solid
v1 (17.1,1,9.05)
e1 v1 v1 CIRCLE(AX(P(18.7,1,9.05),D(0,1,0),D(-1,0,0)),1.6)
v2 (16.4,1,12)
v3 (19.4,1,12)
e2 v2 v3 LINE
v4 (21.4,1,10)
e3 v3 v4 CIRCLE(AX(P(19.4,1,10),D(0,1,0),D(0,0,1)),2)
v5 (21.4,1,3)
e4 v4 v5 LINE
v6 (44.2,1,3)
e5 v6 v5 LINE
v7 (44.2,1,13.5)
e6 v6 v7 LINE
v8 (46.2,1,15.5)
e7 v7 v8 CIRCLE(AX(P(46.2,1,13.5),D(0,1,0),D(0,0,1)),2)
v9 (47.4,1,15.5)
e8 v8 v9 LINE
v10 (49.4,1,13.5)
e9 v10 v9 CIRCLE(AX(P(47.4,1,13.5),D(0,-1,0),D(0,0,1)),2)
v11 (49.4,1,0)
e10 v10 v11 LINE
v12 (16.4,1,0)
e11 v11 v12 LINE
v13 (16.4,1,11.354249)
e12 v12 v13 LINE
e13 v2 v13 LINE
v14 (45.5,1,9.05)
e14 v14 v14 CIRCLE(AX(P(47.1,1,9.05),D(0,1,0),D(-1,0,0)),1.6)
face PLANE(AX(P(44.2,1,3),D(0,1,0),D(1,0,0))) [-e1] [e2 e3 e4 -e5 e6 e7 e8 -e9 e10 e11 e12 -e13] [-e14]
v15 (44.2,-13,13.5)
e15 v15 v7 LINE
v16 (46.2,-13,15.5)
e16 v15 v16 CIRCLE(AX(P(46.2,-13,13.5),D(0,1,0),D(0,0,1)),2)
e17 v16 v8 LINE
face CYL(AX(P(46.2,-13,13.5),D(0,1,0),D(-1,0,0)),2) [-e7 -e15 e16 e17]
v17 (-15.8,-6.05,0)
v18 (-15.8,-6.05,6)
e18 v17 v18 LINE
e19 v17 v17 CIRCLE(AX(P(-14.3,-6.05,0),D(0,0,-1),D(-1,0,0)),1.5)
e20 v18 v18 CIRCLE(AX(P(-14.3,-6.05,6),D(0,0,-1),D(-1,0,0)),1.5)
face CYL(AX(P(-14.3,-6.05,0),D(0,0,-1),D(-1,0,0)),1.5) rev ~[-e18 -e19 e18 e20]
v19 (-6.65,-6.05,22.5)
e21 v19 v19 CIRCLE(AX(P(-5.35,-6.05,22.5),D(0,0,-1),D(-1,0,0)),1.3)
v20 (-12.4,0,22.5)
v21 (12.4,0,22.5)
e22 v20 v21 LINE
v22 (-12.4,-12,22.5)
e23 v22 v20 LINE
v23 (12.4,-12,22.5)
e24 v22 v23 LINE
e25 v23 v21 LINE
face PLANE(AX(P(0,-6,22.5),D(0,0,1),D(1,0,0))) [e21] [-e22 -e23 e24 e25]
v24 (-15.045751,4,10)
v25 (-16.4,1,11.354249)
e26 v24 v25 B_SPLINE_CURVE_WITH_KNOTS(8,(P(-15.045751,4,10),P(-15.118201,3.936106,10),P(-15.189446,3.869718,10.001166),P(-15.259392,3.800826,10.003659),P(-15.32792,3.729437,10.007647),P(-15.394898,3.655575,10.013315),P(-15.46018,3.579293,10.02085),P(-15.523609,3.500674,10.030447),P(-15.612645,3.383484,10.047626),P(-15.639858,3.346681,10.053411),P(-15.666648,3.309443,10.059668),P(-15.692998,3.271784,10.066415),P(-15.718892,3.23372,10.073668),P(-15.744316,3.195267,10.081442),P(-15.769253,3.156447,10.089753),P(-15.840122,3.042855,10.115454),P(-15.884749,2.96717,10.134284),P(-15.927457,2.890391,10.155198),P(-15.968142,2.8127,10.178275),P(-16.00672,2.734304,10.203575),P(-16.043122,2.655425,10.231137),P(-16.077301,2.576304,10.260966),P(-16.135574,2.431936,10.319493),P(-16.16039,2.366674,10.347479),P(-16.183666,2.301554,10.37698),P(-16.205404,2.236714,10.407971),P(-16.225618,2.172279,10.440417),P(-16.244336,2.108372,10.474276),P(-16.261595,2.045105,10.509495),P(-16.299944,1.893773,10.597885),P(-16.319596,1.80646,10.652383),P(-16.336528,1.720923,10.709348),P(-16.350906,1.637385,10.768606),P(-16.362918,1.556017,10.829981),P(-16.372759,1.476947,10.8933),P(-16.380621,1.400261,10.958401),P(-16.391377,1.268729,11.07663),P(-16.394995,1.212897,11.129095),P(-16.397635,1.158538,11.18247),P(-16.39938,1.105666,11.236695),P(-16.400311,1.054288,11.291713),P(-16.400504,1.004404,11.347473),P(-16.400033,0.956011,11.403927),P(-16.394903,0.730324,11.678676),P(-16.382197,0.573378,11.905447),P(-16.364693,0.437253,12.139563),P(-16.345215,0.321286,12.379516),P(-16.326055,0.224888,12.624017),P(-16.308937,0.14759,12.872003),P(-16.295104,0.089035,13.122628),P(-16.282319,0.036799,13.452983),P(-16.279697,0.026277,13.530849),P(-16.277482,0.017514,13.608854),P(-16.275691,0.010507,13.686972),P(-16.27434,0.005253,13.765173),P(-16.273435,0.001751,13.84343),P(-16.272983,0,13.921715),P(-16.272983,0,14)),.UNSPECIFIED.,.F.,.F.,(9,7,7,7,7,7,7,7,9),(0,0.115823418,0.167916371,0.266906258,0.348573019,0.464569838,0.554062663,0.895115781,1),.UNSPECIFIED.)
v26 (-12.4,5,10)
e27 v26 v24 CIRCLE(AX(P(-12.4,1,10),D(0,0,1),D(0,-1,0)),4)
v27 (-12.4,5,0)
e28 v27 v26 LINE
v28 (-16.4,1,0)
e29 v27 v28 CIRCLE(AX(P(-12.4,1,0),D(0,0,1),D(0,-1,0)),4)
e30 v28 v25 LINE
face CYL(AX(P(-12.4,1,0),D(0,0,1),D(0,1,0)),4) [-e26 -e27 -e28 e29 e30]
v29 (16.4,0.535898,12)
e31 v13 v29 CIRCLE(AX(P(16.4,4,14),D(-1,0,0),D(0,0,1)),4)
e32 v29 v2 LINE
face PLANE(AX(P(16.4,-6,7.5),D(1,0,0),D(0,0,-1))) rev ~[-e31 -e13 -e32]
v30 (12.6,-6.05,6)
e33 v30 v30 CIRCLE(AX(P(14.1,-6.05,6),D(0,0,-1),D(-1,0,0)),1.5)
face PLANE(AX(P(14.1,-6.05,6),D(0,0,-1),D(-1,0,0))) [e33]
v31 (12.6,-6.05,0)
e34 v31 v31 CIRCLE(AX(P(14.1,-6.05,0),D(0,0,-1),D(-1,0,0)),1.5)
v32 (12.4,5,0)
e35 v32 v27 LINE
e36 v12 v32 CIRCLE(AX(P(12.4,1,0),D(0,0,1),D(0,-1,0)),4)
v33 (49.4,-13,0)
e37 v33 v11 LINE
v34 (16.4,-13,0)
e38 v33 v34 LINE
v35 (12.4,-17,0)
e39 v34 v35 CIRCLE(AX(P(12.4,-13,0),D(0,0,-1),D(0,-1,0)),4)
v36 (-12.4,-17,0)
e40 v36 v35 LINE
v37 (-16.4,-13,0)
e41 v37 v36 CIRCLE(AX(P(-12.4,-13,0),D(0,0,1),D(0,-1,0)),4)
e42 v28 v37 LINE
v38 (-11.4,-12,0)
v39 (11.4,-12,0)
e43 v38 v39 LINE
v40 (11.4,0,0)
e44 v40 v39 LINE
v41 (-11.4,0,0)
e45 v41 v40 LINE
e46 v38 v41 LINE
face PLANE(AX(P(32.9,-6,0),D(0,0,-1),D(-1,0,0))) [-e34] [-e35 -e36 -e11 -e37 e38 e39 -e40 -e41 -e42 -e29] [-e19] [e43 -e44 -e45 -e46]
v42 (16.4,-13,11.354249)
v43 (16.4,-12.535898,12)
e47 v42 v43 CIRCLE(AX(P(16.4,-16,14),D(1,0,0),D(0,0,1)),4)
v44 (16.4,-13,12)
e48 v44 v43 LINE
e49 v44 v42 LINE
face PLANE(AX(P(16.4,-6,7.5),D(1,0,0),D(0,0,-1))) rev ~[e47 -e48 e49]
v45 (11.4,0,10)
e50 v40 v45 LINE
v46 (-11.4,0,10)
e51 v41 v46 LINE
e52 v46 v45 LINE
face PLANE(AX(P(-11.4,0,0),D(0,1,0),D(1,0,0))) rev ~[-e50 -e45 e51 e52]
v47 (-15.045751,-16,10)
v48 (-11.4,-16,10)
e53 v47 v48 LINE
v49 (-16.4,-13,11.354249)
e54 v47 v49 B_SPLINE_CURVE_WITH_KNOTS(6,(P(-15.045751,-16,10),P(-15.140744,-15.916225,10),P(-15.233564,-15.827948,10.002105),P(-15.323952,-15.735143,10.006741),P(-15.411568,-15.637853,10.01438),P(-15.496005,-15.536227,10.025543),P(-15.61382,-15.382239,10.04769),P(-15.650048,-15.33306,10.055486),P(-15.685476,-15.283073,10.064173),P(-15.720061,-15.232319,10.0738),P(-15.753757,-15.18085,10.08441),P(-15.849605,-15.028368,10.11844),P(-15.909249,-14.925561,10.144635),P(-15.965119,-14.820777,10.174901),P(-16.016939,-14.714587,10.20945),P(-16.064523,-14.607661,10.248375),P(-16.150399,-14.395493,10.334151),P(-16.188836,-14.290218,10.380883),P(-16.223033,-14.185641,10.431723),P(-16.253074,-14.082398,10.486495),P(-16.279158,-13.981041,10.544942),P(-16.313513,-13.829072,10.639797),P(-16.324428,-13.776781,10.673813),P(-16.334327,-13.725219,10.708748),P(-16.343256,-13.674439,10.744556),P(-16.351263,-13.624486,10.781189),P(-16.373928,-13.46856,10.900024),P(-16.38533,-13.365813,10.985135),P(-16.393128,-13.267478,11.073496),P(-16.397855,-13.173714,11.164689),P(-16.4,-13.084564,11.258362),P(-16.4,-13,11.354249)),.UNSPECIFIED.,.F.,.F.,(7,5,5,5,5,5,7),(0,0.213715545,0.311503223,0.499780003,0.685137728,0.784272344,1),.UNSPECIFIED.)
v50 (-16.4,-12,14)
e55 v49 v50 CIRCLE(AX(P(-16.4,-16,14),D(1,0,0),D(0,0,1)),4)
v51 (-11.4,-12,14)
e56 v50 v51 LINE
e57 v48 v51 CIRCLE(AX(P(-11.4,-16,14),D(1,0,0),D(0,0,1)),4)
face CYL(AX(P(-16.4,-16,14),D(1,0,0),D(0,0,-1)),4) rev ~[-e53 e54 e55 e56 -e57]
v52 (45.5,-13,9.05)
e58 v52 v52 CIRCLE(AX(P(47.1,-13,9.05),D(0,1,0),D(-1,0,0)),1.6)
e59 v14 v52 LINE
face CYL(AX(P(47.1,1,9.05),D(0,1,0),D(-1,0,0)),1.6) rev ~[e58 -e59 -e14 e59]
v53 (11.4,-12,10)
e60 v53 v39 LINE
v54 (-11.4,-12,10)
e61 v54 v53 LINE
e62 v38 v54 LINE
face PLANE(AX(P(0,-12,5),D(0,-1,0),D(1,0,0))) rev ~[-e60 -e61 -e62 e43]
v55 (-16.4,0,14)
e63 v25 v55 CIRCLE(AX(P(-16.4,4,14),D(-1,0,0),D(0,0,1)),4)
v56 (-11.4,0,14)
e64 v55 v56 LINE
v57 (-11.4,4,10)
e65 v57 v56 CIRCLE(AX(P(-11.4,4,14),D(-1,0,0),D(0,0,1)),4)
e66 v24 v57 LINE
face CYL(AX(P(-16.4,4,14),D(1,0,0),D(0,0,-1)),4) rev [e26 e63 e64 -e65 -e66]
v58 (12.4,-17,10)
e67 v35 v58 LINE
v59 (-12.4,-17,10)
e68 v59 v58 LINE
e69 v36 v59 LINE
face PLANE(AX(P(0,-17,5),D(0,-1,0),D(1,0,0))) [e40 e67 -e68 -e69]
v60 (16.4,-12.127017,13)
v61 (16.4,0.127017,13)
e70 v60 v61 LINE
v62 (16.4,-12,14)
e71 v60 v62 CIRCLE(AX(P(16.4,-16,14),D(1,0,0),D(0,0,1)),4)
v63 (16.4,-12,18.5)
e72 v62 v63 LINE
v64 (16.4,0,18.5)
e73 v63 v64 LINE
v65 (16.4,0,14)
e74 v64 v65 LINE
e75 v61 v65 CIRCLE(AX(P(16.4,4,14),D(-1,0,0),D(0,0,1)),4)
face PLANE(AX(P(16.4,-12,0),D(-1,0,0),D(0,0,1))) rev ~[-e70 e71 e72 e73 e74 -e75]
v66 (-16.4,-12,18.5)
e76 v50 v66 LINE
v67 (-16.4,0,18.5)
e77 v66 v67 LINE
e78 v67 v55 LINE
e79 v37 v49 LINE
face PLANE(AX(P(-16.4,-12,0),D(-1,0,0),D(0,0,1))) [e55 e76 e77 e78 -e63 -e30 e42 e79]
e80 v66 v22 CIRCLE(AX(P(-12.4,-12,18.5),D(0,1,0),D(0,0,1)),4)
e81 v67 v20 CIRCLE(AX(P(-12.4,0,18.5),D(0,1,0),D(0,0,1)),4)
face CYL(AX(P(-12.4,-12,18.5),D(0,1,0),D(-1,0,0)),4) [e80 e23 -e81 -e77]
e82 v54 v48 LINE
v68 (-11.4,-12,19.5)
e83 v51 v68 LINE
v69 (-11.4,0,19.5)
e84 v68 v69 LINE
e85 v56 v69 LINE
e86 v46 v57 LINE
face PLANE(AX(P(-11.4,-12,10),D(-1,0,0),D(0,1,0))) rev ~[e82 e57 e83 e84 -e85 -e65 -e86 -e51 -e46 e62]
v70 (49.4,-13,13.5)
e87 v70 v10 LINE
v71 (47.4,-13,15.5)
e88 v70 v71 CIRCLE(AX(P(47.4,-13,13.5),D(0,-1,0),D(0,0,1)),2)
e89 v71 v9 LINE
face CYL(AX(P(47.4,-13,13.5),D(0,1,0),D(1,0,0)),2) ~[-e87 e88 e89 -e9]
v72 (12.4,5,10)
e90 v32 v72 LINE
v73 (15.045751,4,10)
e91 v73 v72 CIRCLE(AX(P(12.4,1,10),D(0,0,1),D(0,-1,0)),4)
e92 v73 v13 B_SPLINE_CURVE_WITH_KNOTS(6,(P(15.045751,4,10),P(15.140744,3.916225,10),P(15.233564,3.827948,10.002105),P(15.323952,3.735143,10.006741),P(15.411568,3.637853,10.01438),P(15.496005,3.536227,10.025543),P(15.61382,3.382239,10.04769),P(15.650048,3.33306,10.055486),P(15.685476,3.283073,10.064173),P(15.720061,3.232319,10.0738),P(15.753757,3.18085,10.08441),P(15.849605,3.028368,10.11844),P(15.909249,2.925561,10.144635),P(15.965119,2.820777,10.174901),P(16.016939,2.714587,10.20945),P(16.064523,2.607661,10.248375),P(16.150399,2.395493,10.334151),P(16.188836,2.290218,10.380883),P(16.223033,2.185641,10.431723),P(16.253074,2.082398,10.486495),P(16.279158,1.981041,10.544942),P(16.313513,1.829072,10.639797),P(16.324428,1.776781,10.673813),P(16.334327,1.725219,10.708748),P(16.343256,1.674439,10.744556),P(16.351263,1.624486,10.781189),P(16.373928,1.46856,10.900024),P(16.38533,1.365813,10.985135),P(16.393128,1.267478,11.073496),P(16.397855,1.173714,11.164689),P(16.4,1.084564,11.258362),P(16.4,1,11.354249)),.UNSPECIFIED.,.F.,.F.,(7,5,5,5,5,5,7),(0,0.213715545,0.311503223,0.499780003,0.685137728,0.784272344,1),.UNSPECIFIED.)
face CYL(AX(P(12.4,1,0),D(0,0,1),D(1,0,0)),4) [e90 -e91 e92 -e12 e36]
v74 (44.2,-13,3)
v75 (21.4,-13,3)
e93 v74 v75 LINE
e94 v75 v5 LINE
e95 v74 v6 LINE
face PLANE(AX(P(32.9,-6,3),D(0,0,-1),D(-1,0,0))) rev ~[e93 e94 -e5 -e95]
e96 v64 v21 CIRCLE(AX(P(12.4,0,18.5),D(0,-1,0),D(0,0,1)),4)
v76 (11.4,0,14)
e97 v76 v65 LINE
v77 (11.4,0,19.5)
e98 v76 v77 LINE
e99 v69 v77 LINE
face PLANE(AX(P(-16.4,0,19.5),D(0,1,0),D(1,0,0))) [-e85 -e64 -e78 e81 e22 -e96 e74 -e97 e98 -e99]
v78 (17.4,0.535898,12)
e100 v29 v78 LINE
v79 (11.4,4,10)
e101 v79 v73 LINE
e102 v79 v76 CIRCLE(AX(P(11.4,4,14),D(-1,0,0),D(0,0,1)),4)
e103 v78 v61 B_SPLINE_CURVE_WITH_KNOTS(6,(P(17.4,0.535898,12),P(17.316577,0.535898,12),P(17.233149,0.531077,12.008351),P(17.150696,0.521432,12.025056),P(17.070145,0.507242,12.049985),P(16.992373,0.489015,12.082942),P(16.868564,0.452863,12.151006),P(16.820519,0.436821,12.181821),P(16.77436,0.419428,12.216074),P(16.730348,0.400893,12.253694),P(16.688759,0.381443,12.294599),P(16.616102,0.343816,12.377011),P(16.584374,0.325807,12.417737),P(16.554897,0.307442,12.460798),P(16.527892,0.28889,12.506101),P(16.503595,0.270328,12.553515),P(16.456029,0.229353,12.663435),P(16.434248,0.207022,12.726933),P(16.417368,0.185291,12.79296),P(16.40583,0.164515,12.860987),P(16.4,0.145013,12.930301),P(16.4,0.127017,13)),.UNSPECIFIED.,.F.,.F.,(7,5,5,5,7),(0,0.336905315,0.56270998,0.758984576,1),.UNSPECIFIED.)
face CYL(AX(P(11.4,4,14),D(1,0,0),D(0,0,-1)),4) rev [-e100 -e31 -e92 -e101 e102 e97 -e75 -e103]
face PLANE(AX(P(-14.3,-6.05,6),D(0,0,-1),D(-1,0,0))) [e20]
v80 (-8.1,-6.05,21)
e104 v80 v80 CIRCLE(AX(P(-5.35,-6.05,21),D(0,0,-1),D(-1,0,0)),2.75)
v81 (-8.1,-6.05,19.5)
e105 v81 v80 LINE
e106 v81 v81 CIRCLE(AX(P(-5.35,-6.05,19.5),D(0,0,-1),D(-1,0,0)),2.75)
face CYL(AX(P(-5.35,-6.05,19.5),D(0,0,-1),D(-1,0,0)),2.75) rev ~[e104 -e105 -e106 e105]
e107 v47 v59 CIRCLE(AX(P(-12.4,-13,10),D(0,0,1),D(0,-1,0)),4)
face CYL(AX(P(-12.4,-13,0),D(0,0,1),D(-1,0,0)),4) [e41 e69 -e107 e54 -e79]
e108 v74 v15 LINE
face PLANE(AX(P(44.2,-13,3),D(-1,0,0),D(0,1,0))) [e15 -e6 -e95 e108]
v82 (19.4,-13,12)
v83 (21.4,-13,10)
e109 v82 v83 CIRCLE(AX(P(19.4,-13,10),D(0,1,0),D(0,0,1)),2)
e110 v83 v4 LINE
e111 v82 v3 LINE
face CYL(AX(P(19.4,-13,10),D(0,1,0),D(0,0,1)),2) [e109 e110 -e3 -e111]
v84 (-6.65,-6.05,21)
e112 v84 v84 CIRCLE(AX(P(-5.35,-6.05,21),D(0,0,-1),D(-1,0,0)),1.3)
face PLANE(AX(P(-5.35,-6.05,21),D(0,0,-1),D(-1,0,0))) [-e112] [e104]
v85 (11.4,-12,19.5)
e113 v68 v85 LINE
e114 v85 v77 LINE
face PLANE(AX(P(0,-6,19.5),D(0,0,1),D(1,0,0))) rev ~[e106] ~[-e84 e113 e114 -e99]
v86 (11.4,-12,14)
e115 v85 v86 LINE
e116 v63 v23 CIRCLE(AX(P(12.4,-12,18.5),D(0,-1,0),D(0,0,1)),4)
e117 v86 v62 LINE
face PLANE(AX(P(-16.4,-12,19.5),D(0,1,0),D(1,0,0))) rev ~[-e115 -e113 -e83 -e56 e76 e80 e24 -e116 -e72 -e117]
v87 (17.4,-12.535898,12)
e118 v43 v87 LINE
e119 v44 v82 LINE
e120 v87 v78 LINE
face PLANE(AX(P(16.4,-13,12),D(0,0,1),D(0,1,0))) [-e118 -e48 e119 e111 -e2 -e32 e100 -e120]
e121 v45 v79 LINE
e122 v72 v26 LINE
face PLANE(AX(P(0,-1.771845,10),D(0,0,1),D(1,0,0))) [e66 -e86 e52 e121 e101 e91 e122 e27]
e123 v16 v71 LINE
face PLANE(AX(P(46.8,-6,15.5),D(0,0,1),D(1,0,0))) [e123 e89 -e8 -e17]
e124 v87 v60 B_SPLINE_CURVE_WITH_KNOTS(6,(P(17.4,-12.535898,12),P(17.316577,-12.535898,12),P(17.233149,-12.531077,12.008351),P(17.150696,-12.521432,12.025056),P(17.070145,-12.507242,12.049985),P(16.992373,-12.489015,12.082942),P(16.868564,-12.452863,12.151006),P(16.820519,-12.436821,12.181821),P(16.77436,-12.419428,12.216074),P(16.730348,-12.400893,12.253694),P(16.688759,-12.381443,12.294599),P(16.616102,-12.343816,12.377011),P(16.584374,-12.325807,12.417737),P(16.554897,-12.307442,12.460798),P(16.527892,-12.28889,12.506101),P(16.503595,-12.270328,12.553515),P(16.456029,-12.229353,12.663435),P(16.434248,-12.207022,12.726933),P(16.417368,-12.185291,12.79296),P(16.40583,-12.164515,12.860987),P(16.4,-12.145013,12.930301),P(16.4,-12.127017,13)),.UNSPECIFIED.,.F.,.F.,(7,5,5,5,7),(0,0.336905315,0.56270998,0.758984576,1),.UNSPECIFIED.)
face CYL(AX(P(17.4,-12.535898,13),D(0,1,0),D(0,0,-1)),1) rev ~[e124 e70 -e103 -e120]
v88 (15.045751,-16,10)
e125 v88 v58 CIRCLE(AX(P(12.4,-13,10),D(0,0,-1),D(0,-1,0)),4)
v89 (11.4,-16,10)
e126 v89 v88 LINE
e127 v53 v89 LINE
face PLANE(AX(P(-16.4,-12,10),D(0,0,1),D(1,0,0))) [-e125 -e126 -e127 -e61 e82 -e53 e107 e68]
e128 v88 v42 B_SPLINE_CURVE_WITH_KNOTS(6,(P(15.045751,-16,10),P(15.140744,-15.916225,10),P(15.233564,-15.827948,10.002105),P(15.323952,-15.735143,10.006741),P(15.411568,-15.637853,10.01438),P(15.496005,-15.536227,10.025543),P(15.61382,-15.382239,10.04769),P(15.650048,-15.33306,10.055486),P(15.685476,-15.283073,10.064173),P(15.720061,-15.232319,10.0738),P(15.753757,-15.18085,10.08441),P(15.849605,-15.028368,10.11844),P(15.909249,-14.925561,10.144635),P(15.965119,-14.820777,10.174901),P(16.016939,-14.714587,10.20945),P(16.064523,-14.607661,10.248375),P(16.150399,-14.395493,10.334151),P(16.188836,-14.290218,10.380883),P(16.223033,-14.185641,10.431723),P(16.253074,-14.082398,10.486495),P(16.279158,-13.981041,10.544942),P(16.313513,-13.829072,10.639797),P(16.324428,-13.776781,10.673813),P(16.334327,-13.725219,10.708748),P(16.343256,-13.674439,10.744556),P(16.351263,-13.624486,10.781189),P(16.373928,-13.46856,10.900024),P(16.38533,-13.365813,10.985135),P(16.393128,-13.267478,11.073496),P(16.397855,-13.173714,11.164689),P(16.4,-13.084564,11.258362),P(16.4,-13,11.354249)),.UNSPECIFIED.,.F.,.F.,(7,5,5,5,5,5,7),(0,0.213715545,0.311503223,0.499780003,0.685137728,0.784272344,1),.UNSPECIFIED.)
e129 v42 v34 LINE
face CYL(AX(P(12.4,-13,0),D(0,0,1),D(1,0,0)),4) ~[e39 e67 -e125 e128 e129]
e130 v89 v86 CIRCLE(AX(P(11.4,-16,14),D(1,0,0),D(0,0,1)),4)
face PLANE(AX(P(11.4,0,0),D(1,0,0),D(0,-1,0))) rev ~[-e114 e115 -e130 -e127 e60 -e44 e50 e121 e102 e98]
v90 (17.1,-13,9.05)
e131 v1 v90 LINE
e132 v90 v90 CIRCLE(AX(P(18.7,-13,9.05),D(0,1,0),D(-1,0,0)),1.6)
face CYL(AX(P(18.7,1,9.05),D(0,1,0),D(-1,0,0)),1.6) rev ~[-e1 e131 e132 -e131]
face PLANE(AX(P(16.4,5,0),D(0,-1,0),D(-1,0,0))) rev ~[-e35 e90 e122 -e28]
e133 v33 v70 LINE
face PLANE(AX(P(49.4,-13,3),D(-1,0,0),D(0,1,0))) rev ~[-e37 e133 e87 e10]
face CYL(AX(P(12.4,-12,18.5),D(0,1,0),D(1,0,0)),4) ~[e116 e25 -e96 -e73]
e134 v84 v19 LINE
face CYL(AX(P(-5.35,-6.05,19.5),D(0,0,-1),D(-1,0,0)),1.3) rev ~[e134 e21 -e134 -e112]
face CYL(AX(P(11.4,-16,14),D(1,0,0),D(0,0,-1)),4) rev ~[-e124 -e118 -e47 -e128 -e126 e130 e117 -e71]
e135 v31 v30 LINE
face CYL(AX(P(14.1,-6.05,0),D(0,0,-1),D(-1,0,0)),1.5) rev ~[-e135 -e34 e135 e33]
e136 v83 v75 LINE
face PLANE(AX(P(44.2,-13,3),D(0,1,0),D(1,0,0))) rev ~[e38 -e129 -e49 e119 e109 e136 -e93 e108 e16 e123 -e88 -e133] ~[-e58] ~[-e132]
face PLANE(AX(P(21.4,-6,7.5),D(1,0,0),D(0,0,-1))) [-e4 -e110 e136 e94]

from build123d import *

# Parameters (mm, degrees)
EXTRUDE_THIN1_DEPTH = 10
FILLET1_R           = 4
SKETCH2_W           = 5
SKETCH2_H           = 12
BOSS_EXTRUDE1_DEPTH = 9.5
SKETCH3_W           = 32.8
SKETCH3_H           = 12
BOSS_EXTRUDE2_DEPTH = 3
FILLET2_R           = 4
SKETCH4_R           = 1.3
CUT_EXTRUDE1_DEPTH  = 3
SKETCH5_R           = 1.5
CUT_EXTRUDE2_DEPTH  = 6
SKETCH6_W           = 32.8
SKETCH6_H           = 10
BOSS_EXTRUDE3_DEPTH = 5
FILLET3_R           = 4
FILLET4_R           = 4
SKETCH7_R           = 2.75
CUT_EXTRUDE3_DEPTH  = 1.5
SKETCH9_W           = 9
SKETCH9_H           = 14
BOSS_EXTRUDE5_DEPTH = 5
FILLET10_R          = 1
SKETCH12_W          = 33
SKETCH12_H          = 14
BOSS_EXTRUDE7_DEPTH = 3
SKETCH13_W          = 5.2
SKETCH13_H          = 14
BOSS_EXTRUDE8_DEPTH = 12.5
FILLET11_R          = 2
FILLET13_R          = 2
SKETCH14_R          = 1.6
CUT_EXTRUDE4_DEPTH  = 58.189247273


with BuildPart() as part:
    # Sketch1 → Extrude-Thin1 (new body)
    with BuildSketch(Plane.XY):
        Polygon((-11.4, -12), (-11.4, 0), (11.4, 0), (11.4, -12), (16.4, -12), (16.4, 5), (-16.4, 5), (-16.4, -12), align=None)
    extrude(amount=EXTRUDE_THIN1_DEPTH)

    # Fillet1
    fillet1_edges = [part.edges().sort_by_distance(p)[0] for p in [
        (-16.4, 5, 5),
        (16.4, 5, 5),
    ]]
    fillet(fillet1_edges, radius=FILLET1_R)

    # Sketch2 → Boss-Extrude1 (add)
    with BuildSketch(Plane.XY.offset(10)):
        with Locations((-13.9, -6)):
            Rectangle(SKETCH2_W, SKETCH2_H)
        with Locations((13.9, -6)):
            Rectangle(SKETCH2_W, SKETCH2_H)
    extrude(amount=BOSS_EXTRUDE1_DEPTH)

    # Sketch3 → Boss-Extrude2 (add)
    with BuildSketch(Plane.XY.offset(19.5)):
        with Locations((0, -6)):
            Rectangle(SKETCH3_W, SKETCH3_H)
    extrude(amount=BOSS_EXTRUDE2_DEPTH)

    # Fillet2
    fillet2_edges = [part.edges().sort_by_distance(p)[0] for p in [
        (13.9, 0, 10),
        (-13.9, 0, 10),
        (16.4, -6, 22.5),
        (-16.4, -6, 22.5),
    ]]
    fillet(fillet2_edges, radius=FILLET2_R)

    # Sketch4 → Cut-Extrude1 (cut)
    with BuildSketch(Plane(origin=(0, 0, 19.5), x_dir=(-1, 0, 0), z_dir=(0, 0, -1))):
        with Locations((5.35, -6.05)):
            Circle(SKETCH4_R)
    extrude(amount=-CUT_EXTRUDE1_DEPTH, mode=Mode.SUBTRACT)

    # Sketch5 → Cut-Extrude2 (cut)
    with BuildSketch(Plane(origin=(0, 0, 0), x_dir=(-1, 0, 0), z_dir=(0, 0, -1))):
        with Locations((14.3, -6.05)):
            Circle(SKETCH5_R)
        with Locations((-14.1, -6.05)):
            Circle(SKETCH5_R)
    extrude(amount=-CUT_EXTRUDE2_DEPTH, mode=Mode.SUBTRACT)

    # Sketch6 → Boss-Extrude3 (add)
    with BuildSketch(Plane.XZ.offset(12)):
        with Locations((0, 5)):
            Rectangle(SKETCH6_W, SKETCH6_H)
    extrude(amount=BOSS_EXTRUDE3_DEPTH)

    # Fillet3
    fillet3_edges = [part.edges().sort_by_distance(p)[0] for p in [
        (16.4, -17, 5),
        (-16.4, -17, 5),
    ]]
    fillet(fillet3_edges, radius=FILLET3_R)

    # Fillet4
    fillet4_edges = [part.edges().sort_by_distance(p)[0] for p in [
        (13.9, -12, 10),
        (-13.9, -12, 10),
    ]]
    fillet(fillet4_edges, radius=FILLET4_R)

    # Sketch7 → Cut-Extrude3 (cut)
    with BuildSketch(Plane(origin=(0, 0, 19.5), x_dir=(-1, 0, 0), z_dir=(0, 0, -1))):
        with Locations((5.35, -6.05)):
            Circle(SKETCH7_R)
    extrude(amount=-CUT_EXTRUDE3_DEPTH, mode=Mode.SUBTRACT)

    # Sketch9 → Boss-Extrude5 (add)
    with BuildSketch(Plane(origin=(16.4, 0, 0), x_dir=(0, 0, -1), z_dir=(1, 0, 0))):
        with Locations((-7.5, -6)):
            Rectangle(SKETCH9_W, SKETCH9_H)
    extrude(amount=BOSS_EXTRUDE5_DEPTH)

    # Fillet10
    fillet10_edges = [part.edges().sort_by_distance(p)[0] for p in [
        (16.4, -6, 12),
    ]]
    fillet(fillet10_edges, radius=FILLET10_R)

    # Sketch12 → Boss-Extrude7 (add)
    with BuildSketch(Plane(origin=(0, 0, 0), x_dir=(-1, 0, 0), z_dir=(0, 0, -1))):
        with Locations((-32.9, -6)):
            Rectangle(SKETCH12_W, SKETCH12_H)
    extrude(amount=-BOSS_EXTRUDE7_DEPTH)

    # Sketch13 → Boss-Extrude8 (add)
    with BuildSketch(Plane.XY.offset(3)):
        with Locations((46.8, -6)):
            Rectangle(SKETCH13_W, SKETCH13_H)
    extrude(amount=BOSS_EXTRUDE8_DEPTH)

    # Fillet11
    fillet11_edges = [part.edges().sort_by_distance(p)[0] for p in [
        (21.4, -6, 12),
    ]]
    fillet(fillet11_edges, radius=FILLET11_R)

    # Fillet13
    fillet13_edges = [part.edges().sort_by_distance(p)[0] for p in [
        (49.4, -6, 15.5),
        (44.2, -6, 15.5),
    ]]
    fillet(fillet13_edges, radius=FILLET13_R)

    # Sketch14 → Cut-Extrude4 (cut, through all)
    with BuildSketch(Plane(origin=(0, 1, 0), x_dir=(1, 0, 0), z_dir=(0, 1, 0))):
        with Locations(Location((18.7, -9.05, 0), (0, 0, 180))):
            Circle(SKETCH14_R)
        with Locations(Location((47.1, -9.05, 0), (0, 0, 180))):
            Circle(SKETCH14_R)
    extrude(amount=-CUT_EXTRUDE4_DEPTH, mode=Mode.SUBTRACT)


solid = part.part
